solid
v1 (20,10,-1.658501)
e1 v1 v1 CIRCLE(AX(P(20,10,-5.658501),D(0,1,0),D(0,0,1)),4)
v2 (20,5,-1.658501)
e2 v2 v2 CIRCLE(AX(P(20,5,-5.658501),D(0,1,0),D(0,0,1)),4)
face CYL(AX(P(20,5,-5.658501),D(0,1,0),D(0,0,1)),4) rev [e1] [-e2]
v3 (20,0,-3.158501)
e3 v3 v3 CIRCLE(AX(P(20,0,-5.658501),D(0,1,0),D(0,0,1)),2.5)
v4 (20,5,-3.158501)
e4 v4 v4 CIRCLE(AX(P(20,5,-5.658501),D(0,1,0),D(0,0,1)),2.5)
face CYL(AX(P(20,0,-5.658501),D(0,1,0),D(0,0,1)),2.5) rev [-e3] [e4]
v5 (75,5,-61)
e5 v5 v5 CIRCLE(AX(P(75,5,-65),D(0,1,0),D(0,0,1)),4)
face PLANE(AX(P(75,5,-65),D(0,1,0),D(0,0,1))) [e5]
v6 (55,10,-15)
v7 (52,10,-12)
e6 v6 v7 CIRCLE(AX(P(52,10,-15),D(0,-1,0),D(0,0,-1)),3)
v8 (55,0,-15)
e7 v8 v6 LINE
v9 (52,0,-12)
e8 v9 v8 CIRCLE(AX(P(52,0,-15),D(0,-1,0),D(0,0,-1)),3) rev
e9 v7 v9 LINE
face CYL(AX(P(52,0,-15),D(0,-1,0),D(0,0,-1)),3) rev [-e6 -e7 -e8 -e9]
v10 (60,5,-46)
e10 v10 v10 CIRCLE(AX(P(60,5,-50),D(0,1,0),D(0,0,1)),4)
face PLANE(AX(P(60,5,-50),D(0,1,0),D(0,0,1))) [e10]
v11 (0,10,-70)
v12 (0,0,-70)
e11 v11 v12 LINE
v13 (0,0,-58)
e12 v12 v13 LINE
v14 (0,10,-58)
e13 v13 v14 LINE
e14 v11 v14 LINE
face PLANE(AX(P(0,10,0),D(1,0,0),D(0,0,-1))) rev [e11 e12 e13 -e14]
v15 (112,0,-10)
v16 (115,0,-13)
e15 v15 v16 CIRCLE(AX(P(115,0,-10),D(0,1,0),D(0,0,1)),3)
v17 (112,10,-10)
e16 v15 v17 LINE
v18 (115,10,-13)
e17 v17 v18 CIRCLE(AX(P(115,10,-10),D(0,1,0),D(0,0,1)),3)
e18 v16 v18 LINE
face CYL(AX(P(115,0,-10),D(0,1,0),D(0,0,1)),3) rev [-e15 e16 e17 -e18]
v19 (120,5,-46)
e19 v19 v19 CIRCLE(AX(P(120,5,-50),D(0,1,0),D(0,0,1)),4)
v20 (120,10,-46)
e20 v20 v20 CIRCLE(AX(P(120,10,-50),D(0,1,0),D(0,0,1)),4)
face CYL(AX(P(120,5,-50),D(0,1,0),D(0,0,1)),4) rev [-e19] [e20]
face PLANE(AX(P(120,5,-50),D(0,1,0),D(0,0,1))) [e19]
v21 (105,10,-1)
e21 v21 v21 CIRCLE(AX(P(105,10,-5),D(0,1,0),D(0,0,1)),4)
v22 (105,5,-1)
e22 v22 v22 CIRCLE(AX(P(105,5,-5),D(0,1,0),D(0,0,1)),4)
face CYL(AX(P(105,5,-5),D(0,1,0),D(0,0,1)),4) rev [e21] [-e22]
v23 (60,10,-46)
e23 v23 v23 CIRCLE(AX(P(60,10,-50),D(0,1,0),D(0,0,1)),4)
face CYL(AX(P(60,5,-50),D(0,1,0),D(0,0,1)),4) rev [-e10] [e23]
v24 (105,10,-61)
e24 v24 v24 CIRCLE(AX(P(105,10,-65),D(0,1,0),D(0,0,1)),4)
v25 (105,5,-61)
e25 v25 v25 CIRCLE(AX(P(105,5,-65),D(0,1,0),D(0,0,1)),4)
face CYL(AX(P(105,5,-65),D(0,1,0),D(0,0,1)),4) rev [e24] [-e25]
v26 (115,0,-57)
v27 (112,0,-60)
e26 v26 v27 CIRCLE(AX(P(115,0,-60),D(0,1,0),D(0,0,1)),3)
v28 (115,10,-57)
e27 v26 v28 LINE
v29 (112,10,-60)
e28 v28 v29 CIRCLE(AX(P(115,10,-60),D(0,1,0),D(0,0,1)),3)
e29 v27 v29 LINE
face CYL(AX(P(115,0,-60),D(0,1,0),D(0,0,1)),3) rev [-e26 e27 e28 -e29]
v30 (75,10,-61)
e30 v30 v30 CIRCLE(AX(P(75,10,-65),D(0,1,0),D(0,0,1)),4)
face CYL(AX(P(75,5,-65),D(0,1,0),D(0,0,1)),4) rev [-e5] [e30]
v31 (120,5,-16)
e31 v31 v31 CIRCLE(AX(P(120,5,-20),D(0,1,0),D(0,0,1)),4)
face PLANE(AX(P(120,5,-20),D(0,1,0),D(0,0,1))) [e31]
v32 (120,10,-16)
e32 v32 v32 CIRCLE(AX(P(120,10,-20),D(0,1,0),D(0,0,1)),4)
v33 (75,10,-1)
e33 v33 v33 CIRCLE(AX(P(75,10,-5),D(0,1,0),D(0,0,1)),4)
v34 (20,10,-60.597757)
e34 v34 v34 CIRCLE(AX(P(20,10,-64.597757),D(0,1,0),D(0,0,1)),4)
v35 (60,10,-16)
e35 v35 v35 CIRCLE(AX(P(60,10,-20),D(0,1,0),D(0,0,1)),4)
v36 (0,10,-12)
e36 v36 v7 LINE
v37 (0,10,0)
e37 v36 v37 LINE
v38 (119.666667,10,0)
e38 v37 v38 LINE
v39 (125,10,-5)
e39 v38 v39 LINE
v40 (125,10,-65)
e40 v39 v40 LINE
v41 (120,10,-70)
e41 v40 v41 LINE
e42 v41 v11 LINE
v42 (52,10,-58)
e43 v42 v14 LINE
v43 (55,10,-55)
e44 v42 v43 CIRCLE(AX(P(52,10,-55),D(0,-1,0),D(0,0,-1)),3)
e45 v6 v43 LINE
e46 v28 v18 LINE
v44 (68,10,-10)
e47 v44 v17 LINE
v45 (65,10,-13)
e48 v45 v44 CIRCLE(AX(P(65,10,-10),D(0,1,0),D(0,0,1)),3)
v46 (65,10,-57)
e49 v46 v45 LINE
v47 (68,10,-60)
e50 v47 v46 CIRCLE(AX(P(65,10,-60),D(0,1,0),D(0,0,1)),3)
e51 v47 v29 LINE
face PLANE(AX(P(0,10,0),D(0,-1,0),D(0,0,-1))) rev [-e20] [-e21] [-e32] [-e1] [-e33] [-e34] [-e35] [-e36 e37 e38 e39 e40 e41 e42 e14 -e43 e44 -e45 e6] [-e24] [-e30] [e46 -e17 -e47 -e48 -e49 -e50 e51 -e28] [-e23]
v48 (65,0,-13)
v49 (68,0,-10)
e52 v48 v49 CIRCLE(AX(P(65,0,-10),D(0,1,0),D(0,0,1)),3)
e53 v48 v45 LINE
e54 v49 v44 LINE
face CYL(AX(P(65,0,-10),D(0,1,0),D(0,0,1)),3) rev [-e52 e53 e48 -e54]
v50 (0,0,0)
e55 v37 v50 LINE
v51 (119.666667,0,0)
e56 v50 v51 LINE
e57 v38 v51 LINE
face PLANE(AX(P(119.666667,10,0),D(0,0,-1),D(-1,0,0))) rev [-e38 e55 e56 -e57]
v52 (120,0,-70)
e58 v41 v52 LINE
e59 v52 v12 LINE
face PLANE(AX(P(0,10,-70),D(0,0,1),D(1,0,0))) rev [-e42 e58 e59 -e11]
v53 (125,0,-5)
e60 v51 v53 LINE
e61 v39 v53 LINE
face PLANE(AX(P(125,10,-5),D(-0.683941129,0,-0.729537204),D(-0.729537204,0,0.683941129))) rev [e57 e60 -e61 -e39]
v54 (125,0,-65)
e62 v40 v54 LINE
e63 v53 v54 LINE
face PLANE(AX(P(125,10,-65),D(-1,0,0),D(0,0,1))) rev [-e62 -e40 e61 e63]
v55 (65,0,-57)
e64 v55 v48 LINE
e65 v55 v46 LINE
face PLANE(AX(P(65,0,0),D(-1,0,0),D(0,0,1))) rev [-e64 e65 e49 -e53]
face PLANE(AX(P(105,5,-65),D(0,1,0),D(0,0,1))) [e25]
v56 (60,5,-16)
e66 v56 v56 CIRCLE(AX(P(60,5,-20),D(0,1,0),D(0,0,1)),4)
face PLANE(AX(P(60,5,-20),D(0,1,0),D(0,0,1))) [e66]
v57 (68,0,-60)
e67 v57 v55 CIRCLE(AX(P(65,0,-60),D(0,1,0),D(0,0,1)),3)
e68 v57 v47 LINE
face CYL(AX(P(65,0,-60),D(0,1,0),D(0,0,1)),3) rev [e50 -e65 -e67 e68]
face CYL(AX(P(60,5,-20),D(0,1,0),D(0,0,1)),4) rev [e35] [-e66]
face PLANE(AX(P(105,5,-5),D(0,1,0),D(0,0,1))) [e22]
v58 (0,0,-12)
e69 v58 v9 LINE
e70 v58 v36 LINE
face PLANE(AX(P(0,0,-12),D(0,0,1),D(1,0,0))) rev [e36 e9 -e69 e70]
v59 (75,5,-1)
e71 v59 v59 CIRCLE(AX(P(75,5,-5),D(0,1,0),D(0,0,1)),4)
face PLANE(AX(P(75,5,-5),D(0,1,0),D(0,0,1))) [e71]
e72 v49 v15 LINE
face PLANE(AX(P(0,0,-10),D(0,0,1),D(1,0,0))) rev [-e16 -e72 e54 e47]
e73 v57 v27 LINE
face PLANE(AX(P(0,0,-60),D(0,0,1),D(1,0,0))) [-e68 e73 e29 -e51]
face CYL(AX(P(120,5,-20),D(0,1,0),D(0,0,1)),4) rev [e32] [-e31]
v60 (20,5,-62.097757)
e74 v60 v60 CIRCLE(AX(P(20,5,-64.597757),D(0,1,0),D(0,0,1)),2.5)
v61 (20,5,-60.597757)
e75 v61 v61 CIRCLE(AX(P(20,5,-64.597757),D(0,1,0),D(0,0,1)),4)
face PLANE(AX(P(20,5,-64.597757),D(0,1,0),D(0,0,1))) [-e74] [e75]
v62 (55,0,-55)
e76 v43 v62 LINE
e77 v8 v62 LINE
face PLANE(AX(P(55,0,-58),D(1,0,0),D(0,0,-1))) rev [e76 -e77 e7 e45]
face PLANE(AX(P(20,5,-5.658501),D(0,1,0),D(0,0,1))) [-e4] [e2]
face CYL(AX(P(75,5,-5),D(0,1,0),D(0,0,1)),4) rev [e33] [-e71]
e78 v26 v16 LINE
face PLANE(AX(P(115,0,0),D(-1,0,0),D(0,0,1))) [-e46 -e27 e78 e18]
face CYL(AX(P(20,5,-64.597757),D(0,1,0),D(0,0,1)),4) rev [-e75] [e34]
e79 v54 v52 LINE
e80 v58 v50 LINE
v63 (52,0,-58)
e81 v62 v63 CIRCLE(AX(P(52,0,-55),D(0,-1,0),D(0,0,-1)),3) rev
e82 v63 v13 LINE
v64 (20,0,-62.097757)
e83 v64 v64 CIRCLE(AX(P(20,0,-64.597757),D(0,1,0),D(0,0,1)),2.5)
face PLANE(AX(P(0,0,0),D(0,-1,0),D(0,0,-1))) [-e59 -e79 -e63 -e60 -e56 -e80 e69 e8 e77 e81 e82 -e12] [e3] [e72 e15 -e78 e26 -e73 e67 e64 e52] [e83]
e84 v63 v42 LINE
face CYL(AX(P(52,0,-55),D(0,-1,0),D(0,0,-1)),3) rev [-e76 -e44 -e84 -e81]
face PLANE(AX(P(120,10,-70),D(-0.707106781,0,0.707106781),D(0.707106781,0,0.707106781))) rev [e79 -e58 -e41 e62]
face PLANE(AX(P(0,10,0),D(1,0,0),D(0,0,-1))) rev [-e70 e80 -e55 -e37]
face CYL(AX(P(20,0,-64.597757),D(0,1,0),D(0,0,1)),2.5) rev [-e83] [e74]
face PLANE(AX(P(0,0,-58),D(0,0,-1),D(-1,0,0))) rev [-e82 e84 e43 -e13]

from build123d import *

# Parameters (mm, degrees)
BOSS_EXTRUDE1_DEPTH = 10
SKETCH4_W           = 55
SKETCH4_H           = 46
CUT_EXTRUDE1_DEPTH  = 11
SKETCH5_R           = 3
SKETCH5_W           = 50
SKETCH5_H           = 50
CUT_EXTRUDE2_DEPTH  = 11
SKETCH6_R           = 4
CUT_EXTRUDE4_DEPTH  = 5
SKETCH7_R           = 2.5
CUT_EXTRUDE5_DEPTH  = 6
FILLET1_R           = 3
SKETCH8_R           = 4
CUT_EXTRUDE6_DEPTH  = 5


with BuildPart() as part:
    # Sketch3 → Boss-Extrude1 (new body)
    with BuildSketch(Plane(origin=(0, 0, 0), x_dir=(1, 0, 0), z_dir=(0, 1, 0))):
        Polygon((0, 0), (0, 70), (120, 70), (125, 65), (125, 5), (119.666666667, 0), align=None)
    extrude(amount=BOSS_EXTRUDE1_DEPTH)

    # Sketch4 → Cut-Extrude1 (cut, through all)
    with BuildSketch(Plane(origin=(0, 10, 0), x_dir=(1, 0, 0), z_dir=(0, 1, 0))):
        with Locations((27.5, 35)):
            Rectangle(SKETCH4_W, SKETCH4_H)
    extrude(amount=-CUT_EXTRUDE1_DEPTH, mode=Mode.SUBTRACT)

    # Sketch5 → Cut-Extrude2 (cut, through all)
    with BuildSketch(Plane(origin=(0, 10, 0), x_dir=(1, 0, 0), z_dir=(0, 1, 0))):
        with Locations((65, 60)):
            Circle(SKETCH5_R)
        with Locations((65, 10)):
            Circle(SKETCH5_R)
        with Locations((115, 10)):
            Circle(SKETCH5_R)
        with Locations((115, 60)):
            Circle(SKETCH5_R)
        with Locations((90, 35)):
            Rectangle(SKETCH5_W, SKETCH5_H)
        with BuildLine():
            Line((65, 57), (65, 60))
            Line((65, 60), (68, 60))
            ThreePointArc((68, 60), (62.878679656, 62.121320344), (65, 57))
        make_face()
        with BuildLine():
            Line((68, 60), (65, 60))
            Line((65, 60), (65, 57))
            ThreePointArc((65, 57), (67.121320344, 57.878679656), (68, 60))
        make_face()
        with BuildLine():
            ThreePointArc((118, 60), (115, 63), (112, 60))
            Line((112, 60), (115, 60))
            Line((115, 60), (115, 57))
            ThreePointArc((115, 57), (117.121320344, 57.878679656), (118, 60))
        make_face()
        with BuildLine():
            Line((115, 60), (112, 60))
            ThreePointArc((112, 60), (112.878679656, 57.878679656), (115, 57))
            Line((115, 57), (115, 60))
        make_face()
        with BuildLine():
            ThreePointArc((118, 10), (117.121320344, 12.121320344), (115, 13))
            Line((115, 13), (115, 10))
            Line((115, 10), (112, 10))
            ThreePointArc((112, 10), (115, 7), (118, 10))
        make_face()
        with BuildLine():
            Line((115, 10), (115, 13))
            ThreePointArc((115, 13), (112.878679656, 12.121320344), (112, 10))
            Line((112, 10), (115, 10))
        make_face()
        with BuildLine():
            ThreePointArc((68, 10), (67.121320344, 12.121320344), (65, 13))
            Line((65, 13), (65, 10))
            Line((65, 10), (68, 10))
        make_face()
        with BuildLine():
            Line((65, 10), (65, 13))
            ThreePointArc((65, 13), (62.878679656, 7.878679656), (68, 10))
            Line((68, 10), (65, 10))
        make_face()
    extrude(amount=-CUT_EXTRUDE2_DEPTH, mode=Mode.SUBTRACT)

    # Sketch6 → Cut-Extrude4 (cut)
    with BuildSketch(Plane(origin=(0, 10, 0), x_dir=(1, 0, 0), z_dir=(0, 1, 0))):
        with Locations((20, 64.59775654)):
            Circle(SKETCH6_R)
        with Locations((20, 5.658501093)):
            Circle(SKETCH6_R)
    extrude(amount=-CUT_EXTRUDE4_DEPTH, mode=Mode.SUBTRACT)

    # Sketch7 → Cut-Extrude5 (cut, through all)
    with BuildSketch(Plane(origin=(0, 5, 0), x_dir=(1, 0, 0), z_dir=(0, 1, 0))):
        with Locations((20, 64.59775654)):
            Circle(SKETCH7_R)
        with Locations((20, 5.658501093)):
            Circle(SKETCH7_R)
    extrude(amount=-CUT_EXTRUDE5_DEPTH, mode=Mode.SUBTRACT)

    # Fillet1
    fillet1_edges = [part.edges().sort_by_distance(p)[0] for p in [
        (55, 5, -58),
        (55, 5, -12),
    ]]
    fillet(fillet1_edges, radius=FILLET1_R)

    # Sketch8 → Cut-Extrude6 (cut)
    with BuildSketch(Plane(origin=(0, 10, 0), x_dir=(1, 0, 0), z_dir=(0, 1, 0))):
        with Locations((120, 50)):
            Circle(SKETCH8_R)
        with Locations((120, 20)):
            Circle(SKETCH8_R)
        with Locations((105, 65)):
            Circle(SKETCH8_R)
        with Locations((75, 65)):
            Circle(SKETCH8_R)
        with Locations((75, 5)):
            Circle(SKETCH8_R)
        with Locations((105, 5)):
            Circle(SKETCH8_R)
        with Locations((60, 50)):
            Circle(SKETCH8_R)
        with Locations((60, 20)):
            Circle(SKETCH8_R)
    extrude(amount=-CUT_EXTRUDE6_DEPTH, mode=Mode.SUBTRACT)


solid = part.part
